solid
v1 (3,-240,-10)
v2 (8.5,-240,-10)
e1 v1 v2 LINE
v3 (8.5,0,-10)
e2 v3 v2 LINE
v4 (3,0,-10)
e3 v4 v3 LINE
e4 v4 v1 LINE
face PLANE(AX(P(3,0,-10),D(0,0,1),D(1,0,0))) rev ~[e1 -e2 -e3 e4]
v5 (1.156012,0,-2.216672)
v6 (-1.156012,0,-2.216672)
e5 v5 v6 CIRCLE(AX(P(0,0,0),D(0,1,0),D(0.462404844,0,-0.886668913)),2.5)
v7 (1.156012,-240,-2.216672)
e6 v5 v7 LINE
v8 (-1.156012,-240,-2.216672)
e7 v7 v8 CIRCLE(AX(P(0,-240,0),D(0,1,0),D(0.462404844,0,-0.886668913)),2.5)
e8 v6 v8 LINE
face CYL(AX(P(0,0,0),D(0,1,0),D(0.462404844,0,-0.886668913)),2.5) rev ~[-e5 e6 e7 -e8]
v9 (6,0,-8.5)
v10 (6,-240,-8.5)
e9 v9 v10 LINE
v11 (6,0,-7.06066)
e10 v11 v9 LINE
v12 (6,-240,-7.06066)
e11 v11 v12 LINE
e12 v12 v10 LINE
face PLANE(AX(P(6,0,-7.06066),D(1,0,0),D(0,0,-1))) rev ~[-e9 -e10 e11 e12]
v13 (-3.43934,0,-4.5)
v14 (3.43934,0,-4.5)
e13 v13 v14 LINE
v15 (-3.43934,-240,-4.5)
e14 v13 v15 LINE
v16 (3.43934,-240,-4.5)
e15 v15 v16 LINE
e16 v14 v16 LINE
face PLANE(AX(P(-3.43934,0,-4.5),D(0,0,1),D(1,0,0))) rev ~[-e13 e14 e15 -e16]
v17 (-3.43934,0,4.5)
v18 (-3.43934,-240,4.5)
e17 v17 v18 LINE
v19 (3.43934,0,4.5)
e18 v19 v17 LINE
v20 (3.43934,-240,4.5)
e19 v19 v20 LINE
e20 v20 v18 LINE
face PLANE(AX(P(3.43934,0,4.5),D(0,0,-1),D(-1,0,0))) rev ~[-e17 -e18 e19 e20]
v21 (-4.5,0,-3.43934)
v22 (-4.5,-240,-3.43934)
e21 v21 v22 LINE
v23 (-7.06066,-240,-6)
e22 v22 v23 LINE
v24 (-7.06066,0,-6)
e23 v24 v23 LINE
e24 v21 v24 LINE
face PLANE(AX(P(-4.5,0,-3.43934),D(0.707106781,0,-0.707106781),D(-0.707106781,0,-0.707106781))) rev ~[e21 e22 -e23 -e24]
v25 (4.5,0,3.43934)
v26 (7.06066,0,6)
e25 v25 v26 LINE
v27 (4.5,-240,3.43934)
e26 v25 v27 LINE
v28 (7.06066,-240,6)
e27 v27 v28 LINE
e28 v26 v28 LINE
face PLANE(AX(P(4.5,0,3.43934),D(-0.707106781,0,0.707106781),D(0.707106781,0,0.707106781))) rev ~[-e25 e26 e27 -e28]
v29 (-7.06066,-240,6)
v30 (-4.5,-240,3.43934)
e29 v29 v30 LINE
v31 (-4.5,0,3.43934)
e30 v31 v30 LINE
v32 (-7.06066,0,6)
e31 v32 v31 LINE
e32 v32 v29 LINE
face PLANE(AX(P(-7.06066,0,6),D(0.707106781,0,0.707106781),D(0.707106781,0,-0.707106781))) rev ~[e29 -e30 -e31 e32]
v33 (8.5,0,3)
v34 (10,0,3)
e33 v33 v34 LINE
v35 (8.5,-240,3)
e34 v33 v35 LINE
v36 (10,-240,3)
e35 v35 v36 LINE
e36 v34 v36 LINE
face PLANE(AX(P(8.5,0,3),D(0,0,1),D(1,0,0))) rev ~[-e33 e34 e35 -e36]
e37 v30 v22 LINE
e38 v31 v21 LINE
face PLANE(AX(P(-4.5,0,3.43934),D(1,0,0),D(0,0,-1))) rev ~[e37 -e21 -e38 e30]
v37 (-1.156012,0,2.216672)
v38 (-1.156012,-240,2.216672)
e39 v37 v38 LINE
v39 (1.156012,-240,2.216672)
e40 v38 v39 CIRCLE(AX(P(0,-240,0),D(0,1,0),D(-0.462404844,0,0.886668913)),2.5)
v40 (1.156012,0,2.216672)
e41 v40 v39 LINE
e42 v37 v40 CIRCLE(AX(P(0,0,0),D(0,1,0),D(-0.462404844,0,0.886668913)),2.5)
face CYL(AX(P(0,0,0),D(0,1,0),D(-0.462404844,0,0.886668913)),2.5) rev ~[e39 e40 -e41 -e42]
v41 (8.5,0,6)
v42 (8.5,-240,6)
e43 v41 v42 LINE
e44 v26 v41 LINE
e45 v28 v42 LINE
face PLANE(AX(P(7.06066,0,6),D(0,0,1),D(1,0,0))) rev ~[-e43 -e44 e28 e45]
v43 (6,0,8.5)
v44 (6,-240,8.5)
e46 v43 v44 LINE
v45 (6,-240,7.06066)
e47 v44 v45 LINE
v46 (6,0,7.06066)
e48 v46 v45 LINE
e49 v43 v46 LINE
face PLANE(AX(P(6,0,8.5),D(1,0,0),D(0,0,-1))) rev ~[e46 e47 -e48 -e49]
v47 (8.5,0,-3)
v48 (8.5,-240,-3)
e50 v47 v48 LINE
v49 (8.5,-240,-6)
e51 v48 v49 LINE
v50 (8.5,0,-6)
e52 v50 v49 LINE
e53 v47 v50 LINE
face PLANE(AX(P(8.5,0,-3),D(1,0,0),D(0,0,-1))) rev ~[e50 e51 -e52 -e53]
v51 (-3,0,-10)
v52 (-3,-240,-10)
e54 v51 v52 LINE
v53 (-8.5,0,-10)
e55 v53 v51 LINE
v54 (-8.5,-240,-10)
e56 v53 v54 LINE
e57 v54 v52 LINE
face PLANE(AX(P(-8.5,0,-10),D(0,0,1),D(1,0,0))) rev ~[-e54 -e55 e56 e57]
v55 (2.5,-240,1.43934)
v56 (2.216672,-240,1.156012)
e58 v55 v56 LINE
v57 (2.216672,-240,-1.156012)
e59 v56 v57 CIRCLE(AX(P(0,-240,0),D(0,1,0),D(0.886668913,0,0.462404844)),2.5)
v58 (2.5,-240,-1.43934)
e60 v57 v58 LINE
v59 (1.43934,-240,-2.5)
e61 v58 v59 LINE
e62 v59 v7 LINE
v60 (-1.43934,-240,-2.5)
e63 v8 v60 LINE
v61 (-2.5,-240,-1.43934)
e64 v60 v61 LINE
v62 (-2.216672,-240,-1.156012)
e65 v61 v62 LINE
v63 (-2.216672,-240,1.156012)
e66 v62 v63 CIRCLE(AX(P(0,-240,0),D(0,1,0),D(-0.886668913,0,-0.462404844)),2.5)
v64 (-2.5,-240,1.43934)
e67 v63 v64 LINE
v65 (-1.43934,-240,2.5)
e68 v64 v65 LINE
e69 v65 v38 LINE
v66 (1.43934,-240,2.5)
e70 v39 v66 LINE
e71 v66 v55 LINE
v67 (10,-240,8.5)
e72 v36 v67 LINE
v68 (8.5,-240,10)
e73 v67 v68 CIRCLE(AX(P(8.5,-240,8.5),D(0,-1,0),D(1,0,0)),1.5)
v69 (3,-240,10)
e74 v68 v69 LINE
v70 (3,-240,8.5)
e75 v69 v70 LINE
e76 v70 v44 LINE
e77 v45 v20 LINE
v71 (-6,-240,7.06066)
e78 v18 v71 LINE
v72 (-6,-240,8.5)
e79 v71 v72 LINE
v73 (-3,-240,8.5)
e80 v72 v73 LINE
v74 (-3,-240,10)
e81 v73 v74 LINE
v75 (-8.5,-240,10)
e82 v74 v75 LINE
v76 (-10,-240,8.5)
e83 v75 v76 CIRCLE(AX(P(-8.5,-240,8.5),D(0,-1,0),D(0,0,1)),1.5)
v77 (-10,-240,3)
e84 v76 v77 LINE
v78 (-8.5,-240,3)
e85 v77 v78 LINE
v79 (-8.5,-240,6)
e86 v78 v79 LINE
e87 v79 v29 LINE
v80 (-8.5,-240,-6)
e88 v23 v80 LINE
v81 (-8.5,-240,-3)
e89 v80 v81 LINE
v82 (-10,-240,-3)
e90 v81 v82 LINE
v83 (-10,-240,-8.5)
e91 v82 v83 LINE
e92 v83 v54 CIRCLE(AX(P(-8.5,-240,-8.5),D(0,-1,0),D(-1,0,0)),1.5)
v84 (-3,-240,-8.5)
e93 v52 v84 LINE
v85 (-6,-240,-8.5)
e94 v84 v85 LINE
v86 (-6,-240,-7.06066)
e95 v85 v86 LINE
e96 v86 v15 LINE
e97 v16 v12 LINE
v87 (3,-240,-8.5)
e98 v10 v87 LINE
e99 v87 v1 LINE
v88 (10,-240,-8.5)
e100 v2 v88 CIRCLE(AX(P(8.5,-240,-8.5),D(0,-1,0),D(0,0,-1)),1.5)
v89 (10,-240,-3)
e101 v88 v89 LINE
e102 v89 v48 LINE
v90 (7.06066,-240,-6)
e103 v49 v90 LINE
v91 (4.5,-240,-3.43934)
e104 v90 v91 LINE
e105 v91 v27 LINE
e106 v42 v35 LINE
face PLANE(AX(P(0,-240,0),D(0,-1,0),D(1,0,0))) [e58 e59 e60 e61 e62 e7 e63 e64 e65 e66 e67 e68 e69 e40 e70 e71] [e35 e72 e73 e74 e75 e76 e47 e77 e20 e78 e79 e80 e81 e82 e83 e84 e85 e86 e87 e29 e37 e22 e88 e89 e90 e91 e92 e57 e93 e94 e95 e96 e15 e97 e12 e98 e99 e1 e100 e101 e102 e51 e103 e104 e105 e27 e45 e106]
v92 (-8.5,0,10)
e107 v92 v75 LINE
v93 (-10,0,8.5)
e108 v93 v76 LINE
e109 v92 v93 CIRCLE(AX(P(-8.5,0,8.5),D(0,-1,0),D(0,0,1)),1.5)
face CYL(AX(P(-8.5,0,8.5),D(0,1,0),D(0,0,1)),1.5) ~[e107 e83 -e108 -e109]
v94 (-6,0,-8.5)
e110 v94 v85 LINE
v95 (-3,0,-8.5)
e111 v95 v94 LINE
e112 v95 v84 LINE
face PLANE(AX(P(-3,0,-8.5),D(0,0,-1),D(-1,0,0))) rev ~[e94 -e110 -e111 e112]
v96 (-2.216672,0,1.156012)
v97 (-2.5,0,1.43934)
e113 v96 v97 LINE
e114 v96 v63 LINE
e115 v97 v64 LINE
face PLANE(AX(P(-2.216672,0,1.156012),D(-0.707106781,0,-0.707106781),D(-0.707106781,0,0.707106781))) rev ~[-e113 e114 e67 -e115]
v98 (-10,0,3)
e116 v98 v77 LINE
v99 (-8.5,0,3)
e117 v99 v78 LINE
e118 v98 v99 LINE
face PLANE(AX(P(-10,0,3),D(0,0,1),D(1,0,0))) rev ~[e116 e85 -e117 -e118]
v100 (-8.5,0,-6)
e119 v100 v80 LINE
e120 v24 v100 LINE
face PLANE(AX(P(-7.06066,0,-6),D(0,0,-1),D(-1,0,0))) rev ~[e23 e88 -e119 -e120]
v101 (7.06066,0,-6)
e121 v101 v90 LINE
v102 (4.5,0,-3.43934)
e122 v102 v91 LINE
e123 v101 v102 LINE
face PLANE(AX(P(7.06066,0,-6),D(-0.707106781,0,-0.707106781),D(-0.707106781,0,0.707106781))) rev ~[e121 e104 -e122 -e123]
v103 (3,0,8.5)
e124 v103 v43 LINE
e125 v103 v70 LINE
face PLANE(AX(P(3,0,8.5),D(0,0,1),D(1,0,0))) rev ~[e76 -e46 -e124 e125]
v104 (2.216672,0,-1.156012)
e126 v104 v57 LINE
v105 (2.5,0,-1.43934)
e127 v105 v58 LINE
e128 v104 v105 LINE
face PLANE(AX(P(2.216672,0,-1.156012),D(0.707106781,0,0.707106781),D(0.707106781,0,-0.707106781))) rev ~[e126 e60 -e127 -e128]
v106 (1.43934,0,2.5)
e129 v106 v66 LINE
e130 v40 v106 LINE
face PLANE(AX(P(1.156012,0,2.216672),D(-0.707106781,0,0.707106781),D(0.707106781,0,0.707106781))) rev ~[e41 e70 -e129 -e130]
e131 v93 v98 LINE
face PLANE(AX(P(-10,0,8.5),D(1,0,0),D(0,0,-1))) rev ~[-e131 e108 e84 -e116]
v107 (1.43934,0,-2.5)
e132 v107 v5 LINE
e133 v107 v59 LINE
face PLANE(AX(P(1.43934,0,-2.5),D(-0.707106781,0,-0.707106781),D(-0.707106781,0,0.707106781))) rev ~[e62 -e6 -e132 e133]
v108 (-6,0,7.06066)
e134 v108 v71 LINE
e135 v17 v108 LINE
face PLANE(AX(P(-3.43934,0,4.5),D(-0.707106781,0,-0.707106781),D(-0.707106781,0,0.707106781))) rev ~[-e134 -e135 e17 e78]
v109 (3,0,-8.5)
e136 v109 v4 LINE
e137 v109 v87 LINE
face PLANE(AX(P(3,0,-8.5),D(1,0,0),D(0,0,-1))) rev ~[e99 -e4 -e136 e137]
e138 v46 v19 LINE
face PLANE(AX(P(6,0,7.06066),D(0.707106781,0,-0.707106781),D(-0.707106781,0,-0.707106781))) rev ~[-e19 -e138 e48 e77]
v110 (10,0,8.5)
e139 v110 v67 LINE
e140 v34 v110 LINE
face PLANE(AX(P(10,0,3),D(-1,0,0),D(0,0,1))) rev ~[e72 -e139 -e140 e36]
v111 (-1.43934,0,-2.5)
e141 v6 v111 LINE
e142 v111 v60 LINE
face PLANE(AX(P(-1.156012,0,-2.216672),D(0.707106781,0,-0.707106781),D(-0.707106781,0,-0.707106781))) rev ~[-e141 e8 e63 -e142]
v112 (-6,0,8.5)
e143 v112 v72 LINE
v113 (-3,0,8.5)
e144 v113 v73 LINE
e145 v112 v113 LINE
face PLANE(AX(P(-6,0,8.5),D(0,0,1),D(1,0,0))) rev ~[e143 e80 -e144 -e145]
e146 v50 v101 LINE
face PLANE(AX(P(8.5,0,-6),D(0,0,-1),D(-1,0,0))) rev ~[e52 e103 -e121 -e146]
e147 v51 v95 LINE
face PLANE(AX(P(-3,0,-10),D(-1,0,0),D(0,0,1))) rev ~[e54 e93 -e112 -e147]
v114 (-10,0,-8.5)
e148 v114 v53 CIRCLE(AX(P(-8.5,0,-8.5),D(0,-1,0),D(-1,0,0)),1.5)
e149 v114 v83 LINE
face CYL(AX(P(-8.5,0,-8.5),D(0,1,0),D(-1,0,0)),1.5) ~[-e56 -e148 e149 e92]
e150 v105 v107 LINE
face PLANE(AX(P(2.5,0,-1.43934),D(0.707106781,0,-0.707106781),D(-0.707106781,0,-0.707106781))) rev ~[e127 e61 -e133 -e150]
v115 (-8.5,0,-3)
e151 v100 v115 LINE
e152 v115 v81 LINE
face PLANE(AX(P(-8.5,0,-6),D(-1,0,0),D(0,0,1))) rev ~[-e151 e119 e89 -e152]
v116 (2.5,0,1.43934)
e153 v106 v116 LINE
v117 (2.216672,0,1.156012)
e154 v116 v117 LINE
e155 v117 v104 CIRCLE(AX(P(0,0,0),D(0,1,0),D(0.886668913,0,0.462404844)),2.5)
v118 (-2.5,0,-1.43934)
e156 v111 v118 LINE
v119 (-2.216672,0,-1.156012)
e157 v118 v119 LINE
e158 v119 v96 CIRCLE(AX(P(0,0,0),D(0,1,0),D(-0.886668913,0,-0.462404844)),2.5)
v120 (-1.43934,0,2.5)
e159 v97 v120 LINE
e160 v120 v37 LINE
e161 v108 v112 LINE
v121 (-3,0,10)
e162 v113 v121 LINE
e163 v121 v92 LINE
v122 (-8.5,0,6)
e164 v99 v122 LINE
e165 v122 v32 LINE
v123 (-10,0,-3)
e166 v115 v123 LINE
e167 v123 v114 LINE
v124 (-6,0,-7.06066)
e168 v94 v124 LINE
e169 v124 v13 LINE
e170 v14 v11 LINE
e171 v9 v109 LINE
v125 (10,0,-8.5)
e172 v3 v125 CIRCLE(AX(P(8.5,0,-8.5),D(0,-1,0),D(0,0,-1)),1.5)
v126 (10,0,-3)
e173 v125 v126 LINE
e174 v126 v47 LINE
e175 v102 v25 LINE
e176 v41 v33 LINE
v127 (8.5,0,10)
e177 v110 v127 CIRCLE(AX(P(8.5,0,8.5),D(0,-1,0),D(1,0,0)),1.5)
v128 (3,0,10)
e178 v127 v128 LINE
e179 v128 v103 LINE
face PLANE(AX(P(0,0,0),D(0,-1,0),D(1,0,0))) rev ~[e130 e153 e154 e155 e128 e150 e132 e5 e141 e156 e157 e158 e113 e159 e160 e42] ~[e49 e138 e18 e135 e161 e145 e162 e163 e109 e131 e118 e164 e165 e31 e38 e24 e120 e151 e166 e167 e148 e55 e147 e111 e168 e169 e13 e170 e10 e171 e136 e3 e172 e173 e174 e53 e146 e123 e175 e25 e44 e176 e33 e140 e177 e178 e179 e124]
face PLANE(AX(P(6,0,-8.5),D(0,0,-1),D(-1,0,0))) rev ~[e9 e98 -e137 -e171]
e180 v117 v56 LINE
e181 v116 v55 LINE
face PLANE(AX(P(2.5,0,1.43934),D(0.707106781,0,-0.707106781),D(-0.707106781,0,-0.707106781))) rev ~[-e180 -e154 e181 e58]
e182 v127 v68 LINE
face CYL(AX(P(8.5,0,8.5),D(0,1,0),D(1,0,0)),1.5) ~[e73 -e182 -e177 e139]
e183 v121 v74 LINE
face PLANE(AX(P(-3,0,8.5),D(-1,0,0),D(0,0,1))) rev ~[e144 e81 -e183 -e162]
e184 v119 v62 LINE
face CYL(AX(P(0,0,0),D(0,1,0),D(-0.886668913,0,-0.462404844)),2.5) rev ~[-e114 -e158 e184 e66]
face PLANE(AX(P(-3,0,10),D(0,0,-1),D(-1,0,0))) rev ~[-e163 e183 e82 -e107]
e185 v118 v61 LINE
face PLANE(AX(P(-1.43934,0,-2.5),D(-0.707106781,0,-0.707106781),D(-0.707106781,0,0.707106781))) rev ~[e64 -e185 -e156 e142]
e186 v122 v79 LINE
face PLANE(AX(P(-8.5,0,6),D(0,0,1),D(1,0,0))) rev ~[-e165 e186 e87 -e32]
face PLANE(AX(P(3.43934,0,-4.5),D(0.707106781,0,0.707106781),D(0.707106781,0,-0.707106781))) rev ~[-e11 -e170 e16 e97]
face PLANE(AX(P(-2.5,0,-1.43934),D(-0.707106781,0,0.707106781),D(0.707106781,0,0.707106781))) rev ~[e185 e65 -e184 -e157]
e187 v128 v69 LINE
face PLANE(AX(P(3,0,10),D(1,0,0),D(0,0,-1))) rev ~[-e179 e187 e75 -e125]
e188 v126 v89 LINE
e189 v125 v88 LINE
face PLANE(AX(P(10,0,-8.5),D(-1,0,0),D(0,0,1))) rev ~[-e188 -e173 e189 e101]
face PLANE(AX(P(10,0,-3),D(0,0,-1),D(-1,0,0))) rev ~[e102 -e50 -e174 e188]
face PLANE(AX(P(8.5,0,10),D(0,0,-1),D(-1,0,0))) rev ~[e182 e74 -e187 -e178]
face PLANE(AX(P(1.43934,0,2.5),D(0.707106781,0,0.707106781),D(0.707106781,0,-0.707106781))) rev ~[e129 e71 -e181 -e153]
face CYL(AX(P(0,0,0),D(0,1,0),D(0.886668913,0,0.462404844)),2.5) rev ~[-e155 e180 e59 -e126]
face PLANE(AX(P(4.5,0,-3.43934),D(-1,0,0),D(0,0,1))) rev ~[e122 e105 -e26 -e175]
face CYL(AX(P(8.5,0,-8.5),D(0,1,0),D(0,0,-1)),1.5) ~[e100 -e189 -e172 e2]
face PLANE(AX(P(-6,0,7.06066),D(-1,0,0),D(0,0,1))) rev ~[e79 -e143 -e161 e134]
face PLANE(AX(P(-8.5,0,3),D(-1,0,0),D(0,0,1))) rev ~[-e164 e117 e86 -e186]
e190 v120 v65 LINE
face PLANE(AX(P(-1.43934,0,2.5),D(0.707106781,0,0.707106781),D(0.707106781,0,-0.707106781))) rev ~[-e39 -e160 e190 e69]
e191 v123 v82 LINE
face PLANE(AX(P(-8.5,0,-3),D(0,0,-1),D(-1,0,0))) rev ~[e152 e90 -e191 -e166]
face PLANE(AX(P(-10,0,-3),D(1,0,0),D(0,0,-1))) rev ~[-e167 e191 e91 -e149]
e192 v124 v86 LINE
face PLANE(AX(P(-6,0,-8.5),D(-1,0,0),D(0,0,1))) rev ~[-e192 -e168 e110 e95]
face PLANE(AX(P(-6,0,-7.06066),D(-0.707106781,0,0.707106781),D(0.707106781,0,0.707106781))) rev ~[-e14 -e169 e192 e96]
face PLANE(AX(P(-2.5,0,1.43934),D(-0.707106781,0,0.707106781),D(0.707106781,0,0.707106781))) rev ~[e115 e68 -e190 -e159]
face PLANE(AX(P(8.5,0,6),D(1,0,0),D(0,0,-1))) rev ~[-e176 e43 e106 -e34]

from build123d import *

# Parameters (mm, degrees)
F1_DEPTH = 240


with BuildPart() as f1:
    # F0 (on Front) → F1 (new body)
    with BuildSketch(Plane.XZ):
        with BuildLine():
            Line((3, -10), (8.5, -10))
            ThreePointArc((8.5, -10), (9.5606601718, -9.5606601718), (10, -8.5))
            Line((10, -8.5), (10, -3))
            Line((10, -3), (8.5, -3))
            Line((8.5, -3), (8.5, -6))
            Line((8.5, -6), (7.0606601718, -6))
            Line((7.0606601718, -6), (4.5, -3.4393398282))
            Line((4.5, -3.4393398282), (4.5, 3.4393398282))
            Line((4.5, 3.4393398282), (7.0606601718, 6))
            Line((7.0606601718, 6), (8.5, 6))
            Line((8.5, 6), (8.5, 3))
            Line((8.5, 3), (10, 3))
            Line((10, 3), (10, 8.5))
            ThreePointArc((10, 8.5), (9.5606601718, 9.5606601718), (8.5, 10))
            Line((8.5, 10), (3, 10))
            Line((3, 10), (3, 8.5))
            Line((3, 8.5), (6, 8.5))
            Line((6, 8.5), (6, 7.0606601718))
            Line((6, 7.0606601718), (3.4393398282, 4.5))
            Line((3.4393398282, 4.5), (-3.4393398282, 4.5))
            Line((-3.4393398282, 4.5), (-6, 7.0606601718))
            Line((-6, 7.0606601718), (-6, 8.5))
            Line((-6, 8.5), (-3, 8.5))
            Line((-3, 8.5), (-3, 10))
            Line((-3, 10), (-8.5, 10))
            ThreePointArc((-8.5, 10), (-9.5606601718, 9.5606601718), (-10, 8.5))
            Line((-10, 8.5), (-10, 3))
            Line((-10, 3), (-8.5, 3))
            Line((-8.5, 3), (-8.5, 6))
            Line((-8.5, 6), (-7.0606601718, 6))
            Line((-7.0606601718, 6), (-4.5, 3.4393398282))
            Line((-4.5, 3.4393398282), (-4.5, -3.4393398282))
            Line((-4.5, -3.4393398282), (-7.0606601718, -6))
            Line((-7.0606601718, -6), (-8.5, -6))
            Line((-8.5, -6), (-8.5, -3))
            Line((-8.5, -3), (-10, -3))
            Line((-10, -3), (-10, -8.5))
            ThreePointArc((-10, -8.5), (-9.5606601718, -9.5606601718), (-8.5, -10))
            Line((-8.5, -10), (-3, -10))
            Line((-3, -10), (-3, -8.5))
            Line((-3, -8.5), (-6, -8.5))
            Line((-6, -8.5), (-6, -7.0606601718))
            Line((-6, -7.0606601718), (-3.4393398282, -4.5))
            Line((-3.4393398282, -4.5), (3.4393398282, -4.5))
            Line((3.4393398282, -4.5), (6, -7.0606601718))
            Line((6, -7.0606601718), (6, -8.5))
            Line((6, -8.5), (3, -8.5))
            Line((3, -8.5), (3, -10))
        make_face()
        with BuildLine():
            ThreePointArc((-1.1560121095, 2.2166722813), (0, 2.5), (1.1560121095, 2.2166722813))
            Line((1.1560121095, 2.2166722813), (1.4393398282, 2.5))
            Line((1.4393398282, 2.5), (2.5, 1.4393398282))
            Line((2.5, 1.4393398282), (2.2166722813, 1.1560121095))
            ThreePointArc((2.2166722813, 1.1560121095), (2.5, 0), (2.2166722813, -1.1560121095))
            Line((2.2166722813, -1.1560121095), (2.5, -1.4393398282))
            Line((2.5, -1.4393398282), (1.4393398282, -2.5))
            Line((1.4393398282, -2.5), (1.1560121095, -2.2166722813))
            ThreePointArc((1.1560121095, -2.2166722813), (0, -2.5), (-1.1560121095, -2.2166722813))
            Line((-1.1560121095, -2.2166722813), (-1.4393398282, -2.5))
            Line((-1.4393398282, -2.5), (-2.5, -1.4393398282))
            Line((-2.5, -1.4393398282), (-2.2166722813, -1.1560121095))
            ThreePointArc((-2.2166722813, -1.1560121095), (-2.5, 0), (-2.2166722813, 1.1560121095))
            Line((-2.2166722813, 1.1560121095), (-2.5, 1.4393398282))
            Line((-2.5, 1.4393398282), (-1.4393398282, 2.5))
            Line((-1.4393398282, 2.5), (-1.1560121095, 2.2166722813))
        make_face(mode=Mode.SUBTRACT)
    extrude(amount=F1_DEPTH)


solid = f1.part
